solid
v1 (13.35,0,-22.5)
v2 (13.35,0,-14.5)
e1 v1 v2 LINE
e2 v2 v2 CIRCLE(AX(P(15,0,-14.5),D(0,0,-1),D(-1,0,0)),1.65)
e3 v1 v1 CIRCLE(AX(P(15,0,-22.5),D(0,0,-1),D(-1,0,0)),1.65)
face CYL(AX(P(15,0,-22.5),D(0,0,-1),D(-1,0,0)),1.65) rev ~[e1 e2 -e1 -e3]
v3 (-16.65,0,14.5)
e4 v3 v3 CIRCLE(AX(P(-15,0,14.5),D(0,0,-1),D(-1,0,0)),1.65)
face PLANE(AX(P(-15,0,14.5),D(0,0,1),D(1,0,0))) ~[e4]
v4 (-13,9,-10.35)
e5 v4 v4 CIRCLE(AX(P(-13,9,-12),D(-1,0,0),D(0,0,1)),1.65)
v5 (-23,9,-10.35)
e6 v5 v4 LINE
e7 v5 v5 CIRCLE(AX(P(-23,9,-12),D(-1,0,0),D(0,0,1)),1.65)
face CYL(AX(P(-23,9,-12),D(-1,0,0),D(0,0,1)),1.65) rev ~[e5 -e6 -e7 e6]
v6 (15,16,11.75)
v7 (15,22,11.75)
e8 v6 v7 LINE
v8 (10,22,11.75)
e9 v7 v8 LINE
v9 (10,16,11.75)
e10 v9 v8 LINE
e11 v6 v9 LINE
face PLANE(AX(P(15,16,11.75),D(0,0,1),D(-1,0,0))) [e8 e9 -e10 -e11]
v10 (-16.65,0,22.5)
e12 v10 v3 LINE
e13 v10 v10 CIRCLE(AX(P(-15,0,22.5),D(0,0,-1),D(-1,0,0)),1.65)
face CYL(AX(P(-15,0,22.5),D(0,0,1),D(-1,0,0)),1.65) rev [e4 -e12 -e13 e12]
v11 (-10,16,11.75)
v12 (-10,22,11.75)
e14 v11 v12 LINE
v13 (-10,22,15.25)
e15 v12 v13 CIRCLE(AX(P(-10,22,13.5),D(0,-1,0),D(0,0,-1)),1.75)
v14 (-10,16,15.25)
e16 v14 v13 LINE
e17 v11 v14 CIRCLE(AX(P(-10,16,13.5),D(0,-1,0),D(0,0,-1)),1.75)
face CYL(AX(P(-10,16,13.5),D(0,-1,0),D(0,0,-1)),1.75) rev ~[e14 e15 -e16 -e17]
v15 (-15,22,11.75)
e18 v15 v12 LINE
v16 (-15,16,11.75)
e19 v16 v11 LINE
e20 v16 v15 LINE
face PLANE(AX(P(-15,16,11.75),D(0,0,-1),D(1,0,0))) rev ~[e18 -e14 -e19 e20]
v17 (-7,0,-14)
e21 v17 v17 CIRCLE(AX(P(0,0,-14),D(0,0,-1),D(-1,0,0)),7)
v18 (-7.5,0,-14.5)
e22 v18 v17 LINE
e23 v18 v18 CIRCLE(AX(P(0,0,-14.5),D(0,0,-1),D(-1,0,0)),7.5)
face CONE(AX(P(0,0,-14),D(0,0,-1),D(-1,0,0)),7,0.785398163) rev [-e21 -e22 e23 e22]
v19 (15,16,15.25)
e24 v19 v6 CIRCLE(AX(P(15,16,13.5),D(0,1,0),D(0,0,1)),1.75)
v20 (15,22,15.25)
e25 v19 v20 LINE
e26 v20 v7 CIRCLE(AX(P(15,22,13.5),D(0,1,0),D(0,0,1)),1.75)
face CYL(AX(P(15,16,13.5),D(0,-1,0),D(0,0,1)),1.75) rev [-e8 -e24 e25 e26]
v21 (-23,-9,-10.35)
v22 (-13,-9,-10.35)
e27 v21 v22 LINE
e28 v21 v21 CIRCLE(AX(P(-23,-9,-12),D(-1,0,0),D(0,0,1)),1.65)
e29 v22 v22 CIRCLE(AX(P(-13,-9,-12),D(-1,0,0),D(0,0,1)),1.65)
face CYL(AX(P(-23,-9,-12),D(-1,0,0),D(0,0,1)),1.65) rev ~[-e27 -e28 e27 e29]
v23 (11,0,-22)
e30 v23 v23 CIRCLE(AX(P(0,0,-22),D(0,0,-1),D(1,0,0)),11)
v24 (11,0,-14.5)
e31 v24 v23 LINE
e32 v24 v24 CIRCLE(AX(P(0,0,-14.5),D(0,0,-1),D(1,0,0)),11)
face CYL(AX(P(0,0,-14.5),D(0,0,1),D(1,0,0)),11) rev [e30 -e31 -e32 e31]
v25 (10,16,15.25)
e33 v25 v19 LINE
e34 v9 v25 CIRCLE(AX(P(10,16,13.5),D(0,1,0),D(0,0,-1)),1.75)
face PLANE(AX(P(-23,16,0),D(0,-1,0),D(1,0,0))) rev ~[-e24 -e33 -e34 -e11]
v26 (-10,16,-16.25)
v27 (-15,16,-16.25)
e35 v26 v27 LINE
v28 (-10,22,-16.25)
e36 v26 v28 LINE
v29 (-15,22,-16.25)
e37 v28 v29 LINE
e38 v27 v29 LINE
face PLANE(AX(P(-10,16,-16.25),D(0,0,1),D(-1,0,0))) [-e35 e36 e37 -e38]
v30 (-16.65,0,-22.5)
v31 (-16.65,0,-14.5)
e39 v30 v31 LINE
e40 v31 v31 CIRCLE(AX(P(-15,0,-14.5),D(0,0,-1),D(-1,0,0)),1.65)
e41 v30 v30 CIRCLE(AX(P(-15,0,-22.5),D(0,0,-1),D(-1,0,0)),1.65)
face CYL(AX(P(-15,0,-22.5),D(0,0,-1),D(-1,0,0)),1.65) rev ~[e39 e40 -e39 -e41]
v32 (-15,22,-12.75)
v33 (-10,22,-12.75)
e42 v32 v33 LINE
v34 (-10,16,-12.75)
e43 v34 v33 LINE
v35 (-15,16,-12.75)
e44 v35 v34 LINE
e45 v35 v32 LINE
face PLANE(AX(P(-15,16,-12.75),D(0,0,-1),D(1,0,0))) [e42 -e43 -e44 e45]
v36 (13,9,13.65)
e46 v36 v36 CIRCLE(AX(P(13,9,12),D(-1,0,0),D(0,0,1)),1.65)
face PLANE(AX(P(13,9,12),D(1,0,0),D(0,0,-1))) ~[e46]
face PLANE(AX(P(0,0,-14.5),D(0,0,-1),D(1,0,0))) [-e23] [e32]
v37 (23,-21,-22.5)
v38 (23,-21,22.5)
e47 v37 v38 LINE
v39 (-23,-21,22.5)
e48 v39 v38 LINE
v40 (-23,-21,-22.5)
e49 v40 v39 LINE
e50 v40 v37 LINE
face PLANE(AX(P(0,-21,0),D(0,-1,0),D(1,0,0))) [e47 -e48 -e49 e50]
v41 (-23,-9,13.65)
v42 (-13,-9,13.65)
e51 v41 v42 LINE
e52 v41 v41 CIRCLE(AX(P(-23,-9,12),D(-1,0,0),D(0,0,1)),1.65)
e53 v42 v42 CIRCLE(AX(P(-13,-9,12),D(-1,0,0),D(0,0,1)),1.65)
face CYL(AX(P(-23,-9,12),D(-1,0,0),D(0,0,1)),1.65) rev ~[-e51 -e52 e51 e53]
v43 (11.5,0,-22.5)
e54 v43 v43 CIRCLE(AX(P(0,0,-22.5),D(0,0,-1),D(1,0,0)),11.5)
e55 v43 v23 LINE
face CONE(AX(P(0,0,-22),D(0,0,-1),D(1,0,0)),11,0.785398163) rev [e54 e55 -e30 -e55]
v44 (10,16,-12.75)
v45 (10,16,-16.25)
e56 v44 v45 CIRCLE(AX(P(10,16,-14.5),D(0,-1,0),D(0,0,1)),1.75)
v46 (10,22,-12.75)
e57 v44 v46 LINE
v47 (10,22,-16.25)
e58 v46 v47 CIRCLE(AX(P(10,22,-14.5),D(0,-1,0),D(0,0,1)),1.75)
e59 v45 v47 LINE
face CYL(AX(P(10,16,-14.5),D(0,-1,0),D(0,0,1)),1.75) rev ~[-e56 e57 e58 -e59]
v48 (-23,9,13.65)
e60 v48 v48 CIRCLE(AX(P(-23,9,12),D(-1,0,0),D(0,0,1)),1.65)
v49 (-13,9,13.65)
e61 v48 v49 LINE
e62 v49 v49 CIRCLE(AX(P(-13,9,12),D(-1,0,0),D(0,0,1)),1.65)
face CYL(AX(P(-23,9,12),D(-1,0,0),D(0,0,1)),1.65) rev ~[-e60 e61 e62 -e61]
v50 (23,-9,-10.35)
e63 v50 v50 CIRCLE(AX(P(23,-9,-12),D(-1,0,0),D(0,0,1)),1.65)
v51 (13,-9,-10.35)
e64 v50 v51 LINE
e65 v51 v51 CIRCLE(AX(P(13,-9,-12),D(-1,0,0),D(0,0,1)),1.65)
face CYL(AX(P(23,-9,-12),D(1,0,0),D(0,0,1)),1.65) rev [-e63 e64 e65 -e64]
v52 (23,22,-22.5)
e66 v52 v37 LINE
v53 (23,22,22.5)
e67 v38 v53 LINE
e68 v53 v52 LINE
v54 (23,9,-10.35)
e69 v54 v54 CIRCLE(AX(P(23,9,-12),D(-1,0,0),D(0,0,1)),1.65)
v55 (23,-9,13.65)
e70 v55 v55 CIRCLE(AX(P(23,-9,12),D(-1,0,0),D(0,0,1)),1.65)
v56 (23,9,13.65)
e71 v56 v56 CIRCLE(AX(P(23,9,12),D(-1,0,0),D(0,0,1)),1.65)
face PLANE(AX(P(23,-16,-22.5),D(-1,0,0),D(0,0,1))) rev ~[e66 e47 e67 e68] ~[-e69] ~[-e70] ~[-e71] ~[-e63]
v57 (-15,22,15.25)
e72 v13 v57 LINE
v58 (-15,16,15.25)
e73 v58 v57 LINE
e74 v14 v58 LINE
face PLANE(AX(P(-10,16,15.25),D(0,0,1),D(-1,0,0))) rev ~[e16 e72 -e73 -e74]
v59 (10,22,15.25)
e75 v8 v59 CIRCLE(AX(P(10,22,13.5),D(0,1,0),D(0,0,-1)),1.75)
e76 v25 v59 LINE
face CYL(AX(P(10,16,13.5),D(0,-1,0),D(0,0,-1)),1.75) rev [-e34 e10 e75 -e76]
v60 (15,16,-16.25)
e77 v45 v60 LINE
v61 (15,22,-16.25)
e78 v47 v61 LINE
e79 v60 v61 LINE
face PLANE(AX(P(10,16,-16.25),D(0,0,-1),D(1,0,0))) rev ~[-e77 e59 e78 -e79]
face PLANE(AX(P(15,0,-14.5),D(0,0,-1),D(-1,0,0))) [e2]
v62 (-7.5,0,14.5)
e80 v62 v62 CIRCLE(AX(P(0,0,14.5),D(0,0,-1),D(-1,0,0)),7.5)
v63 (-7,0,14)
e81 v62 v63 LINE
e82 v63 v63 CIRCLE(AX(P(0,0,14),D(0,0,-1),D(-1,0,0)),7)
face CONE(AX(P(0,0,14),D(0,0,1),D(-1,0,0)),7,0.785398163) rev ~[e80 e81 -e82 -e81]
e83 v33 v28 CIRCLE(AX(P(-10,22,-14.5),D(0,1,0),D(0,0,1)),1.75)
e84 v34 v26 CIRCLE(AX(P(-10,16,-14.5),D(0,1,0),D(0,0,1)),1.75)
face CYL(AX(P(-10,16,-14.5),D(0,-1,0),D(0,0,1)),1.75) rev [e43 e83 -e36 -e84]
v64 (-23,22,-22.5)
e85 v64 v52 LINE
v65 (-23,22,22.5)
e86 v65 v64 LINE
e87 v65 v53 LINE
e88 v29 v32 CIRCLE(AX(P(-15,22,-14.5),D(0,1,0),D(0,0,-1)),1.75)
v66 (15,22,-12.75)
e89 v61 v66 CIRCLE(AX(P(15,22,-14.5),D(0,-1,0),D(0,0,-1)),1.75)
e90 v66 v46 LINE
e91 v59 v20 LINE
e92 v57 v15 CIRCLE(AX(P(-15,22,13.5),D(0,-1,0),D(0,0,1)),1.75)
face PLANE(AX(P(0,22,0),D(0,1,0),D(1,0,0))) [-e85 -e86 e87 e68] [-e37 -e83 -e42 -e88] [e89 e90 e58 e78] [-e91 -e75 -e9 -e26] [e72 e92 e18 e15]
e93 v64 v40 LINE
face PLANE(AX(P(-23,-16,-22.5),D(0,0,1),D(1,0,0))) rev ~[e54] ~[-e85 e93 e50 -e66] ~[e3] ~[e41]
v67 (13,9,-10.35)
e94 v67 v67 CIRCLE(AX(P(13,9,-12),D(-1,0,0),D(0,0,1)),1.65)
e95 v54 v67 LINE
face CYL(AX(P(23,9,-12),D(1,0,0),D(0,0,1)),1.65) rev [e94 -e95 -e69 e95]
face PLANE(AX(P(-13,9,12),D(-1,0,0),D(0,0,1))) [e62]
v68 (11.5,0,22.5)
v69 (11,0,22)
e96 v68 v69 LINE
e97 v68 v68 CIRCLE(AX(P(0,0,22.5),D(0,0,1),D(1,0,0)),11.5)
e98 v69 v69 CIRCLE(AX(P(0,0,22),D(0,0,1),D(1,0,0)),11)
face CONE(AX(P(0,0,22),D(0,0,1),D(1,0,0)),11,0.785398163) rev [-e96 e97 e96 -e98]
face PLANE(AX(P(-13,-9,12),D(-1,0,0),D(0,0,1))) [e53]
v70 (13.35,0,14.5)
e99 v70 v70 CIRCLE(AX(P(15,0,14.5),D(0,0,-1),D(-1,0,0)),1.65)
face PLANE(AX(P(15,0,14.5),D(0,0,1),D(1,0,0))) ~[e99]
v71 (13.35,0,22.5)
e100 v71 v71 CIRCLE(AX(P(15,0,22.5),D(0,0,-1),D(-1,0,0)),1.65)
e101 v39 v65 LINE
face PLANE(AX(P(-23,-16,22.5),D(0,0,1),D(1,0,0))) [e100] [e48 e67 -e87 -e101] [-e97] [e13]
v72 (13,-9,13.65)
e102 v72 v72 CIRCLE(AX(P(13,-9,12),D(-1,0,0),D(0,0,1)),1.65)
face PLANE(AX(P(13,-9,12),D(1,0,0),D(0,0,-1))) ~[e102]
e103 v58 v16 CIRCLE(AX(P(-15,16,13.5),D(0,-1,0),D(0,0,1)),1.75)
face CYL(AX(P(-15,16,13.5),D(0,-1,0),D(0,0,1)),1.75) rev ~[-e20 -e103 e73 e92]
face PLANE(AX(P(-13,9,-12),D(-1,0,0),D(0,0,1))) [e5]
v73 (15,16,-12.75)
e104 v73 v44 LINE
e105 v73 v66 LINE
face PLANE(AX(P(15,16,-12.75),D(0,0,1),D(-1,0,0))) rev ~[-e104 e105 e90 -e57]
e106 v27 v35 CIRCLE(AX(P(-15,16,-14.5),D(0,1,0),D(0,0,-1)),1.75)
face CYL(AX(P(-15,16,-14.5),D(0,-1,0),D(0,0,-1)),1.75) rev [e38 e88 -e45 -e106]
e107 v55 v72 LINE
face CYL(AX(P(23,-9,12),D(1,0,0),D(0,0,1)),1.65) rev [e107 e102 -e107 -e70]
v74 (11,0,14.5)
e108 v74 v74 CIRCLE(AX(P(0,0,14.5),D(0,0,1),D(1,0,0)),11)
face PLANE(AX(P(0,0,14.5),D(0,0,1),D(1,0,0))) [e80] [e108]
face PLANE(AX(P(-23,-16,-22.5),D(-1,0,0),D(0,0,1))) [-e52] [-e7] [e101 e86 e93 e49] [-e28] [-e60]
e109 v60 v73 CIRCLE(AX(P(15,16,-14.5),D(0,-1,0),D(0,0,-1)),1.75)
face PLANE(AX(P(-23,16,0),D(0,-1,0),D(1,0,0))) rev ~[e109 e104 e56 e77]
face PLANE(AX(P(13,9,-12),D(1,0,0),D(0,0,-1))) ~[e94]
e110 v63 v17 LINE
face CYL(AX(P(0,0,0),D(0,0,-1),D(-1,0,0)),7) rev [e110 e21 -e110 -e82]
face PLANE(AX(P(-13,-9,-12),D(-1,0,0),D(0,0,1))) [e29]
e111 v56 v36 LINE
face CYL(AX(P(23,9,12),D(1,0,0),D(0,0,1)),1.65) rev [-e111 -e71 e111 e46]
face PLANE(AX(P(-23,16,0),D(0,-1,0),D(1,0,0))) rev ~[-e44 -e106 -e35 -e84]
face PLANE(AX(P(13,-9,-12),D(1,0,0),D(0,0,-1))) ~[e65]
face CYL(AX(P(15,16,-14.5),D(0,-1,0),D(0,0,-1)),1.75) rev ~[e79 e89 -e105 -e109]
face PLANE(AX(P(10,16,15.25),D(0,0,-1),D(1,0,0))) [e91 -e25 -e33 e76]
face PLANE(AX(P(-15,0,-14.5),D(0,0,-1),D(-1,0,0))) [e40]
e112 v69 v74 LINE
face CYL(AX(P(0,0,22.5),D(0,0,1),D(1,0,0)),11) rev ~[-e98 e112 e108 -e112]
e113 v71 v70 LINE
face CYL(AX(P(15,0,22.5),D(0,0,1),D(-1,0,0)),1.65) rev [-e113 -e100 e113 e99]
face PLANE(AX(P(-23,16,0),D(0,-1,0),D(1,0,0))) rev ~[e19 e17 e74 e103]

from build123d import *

# Parameters (mm, degrees)
SKETCH1_W           = 46
SKETCH1_H           = 32
SKETCH1_R           = 7
BOSS_EXTRUDE1_DEPTH = 22.5
SKETCH2_R           = 11
CUT_EXTRUDE1_DEPTH  = 8
CUT_EXTRUDE2_START  = -8
SKETCH3_R           = 11
CUT_EXTRUDE2_DEPTH  = 8
SKETCH4_R           = 1.65
CUT_EXTRUDE3_DEPTH  = 10
CHAMFER1_SIZE       = 0.5
SKETCH5_W           = 46
SKETCH5_H           = 45
BOSS_EXTRUDE2_DEPTH = 6
SKETCH6_R           = 1.65
CUT_EXTRUDE4_DEPTH  = 8
SKETCH8_W           = 46
SKETCH8_H           = 45
BOSS_EXTRUDE3_DEPTH = 5


with BuildPart() as part:
    # Sketch1 → Boss-Extrude1 (new, symmetric)
    with BuildSketch(Plane.XY):
        Rectangle(SKETCH1_W, SKETCH1_H)
        with Locations(Location((0, 0, 0), (0, 0, 180))):
            Circle(SKETCH1_R, mode=Mode.SUBTRACT)
    extrude(amount=BOSS_EXTRUDE1_DEPTH, both=True)

    # Sketch2 → Cut-Extrude1 (cut)
    with BuildSketch(Plane.XY.offset(22.5)):
        Circle(SKETCH2_R)
    extrude(amount=-CUT_EXTRUDE1_DEPTH, mode=Mode.SUBTRACT)

    # Sketch3 → Cut-Extrude2 (cut)
    with BuildSketch(Plane(origin=(0, 0, -22.5), x_dir=(-1, 0, 0), z_dir=(0, 0, -1)).offset(CUT_EXTRUDE2_START)):
        with Locations(Location((0, 0, 0), (0, 0, 180))):
            Circle(SKETCH3_R)
    extrude(amount=CUT_EXTRUDE2_DEPTH, mode=Mode.SUBTRACT)

    # Sketch4 → Cut-Extrude3 (cut)
    with BuildSketch(Plane.ZY.offset(23)):
        with Locations((12, -9)):
            Circle(SKETCH4_R)
        with Locations((12, 9)):
            Circle(SKETCH4_R)
        with Locations((-12, -9)):
            Circle(SKETCH4_R)
        with Locations((-12, 9)):
            Circle(SKETCH4_R)
    cut_extrude3 = extrude(amount=-CUT_EXTRUDE3_DEPTH, mode=Mode.SUBTRACT)

    # Mirror1: Cut-Extrude3 across plane
    add(cut_extrude3.mirror(Plane(origin=(0, 0, 0), x_dir=(0, 0, 1), z_dir=(1, 0, 0))), mode=Mode.SUBTRACT)

    # Chamfer1
    chamfer1_edges = [part.edges().sort_by_distance(p)[0] for p in [
        (7, 0, 14.5),
        (-11, 0, 22.5),
        (7, 0, -14.5),
        (-11, 0, -22.5),
    ]]
    chamfer(chamfer1_edges, length=CHAMFER1_SIZE)

    # Sketch5 → Boss-Extrude2 (add)
    with BuildSketch(Plane(origin=(0, 16, 0), x_dir=(1, 0, 0), z_dir=(0, 1, 0))):
        Rectangle(SKETCH5_W, SKETCH5_H)
        with BuildLine():
            Line((-10, -15.25), (-15, -15.25))
            ThreePointArc((-15, -15.25), (-16.75, -13.5), (-15, -11.75))
            Line((-15, -11.75), (-10, -11.75))
            ThreePointArc((-10, -11.75), (-8.25, -13.5), (-10, -15.25))
        make_face(mode=Mode.SUBTRACT)
        with BuildLine():
            Line((10, 16.25), (15, 16.25))
            ThreePointArc((15, 16.25), (16.75, 14.5), (15, 12.75))
            Line((15, 12.75), (10, 12.75))
            ThreePointArc((10, 12.75), (8.25, 14.5), (10, 16.25))
        make_face(mode=Mode.SUBTRACT)
        with BuildLine():
            Line((15, -11.75), (10, -11.75))
            ThreePointArc((10, -11.75), (8.25, -13.5), (10, -15.25))
            Line((10, -15.25), (15, -15.25))
            ThreePointArc((15, -15.25), (16.75, -13.5), (15, -11.75))
        make_face(mode=Mode.SUBTRACT)
        with BuildLine():
            Line((-15, 12.75), (-10, 12.75))
            ThreePointArc((-10, 12.75), (-8.25, 14.5), (-10, 16.25))
            Line((-10, 16.25), (-15, 16.25))
            ThreePointArc((-15, 16.25), (-16.75, 14.5), (-15, 12.75))
        make_face(mode=Mode.SUBTRACT)
    extrude(amount=BOSS_EXTRUDE2_DEPTH)

    # Sketch6 → Cut-Extrude4 (cut)
    with BuildSketch(Plane(origin=(0, 0, -22.5), x_dir=(-1, 0, 0), z_dir=(0, 0, -1))):
        with Locations((15, 0)):
            Circle(SKETCH6_R)
        with Locations((-15, 0)):
            Circle(SKETCH6_R)
    cut_extrude4 = extrude(amount=-CUT_EXTRUDE4_DEPTH, mode=Mode.SUBTRACT)

    # Mirror2: Cut-Extrude4 across plane
    add(cut_extrude4.mirror(Plane.XY), mode=Mode.SUBTRACT)

    # Sketch8 → Boss-Extrude3 (add)
    with BuildSketch(Plane.XZ.offset(16)):
        Rectangle(SKETCH8_W, SKETCH8_H)
    extrude(amount=BOSS_EXTRUDE3_DEPTH)


solid = part.part
